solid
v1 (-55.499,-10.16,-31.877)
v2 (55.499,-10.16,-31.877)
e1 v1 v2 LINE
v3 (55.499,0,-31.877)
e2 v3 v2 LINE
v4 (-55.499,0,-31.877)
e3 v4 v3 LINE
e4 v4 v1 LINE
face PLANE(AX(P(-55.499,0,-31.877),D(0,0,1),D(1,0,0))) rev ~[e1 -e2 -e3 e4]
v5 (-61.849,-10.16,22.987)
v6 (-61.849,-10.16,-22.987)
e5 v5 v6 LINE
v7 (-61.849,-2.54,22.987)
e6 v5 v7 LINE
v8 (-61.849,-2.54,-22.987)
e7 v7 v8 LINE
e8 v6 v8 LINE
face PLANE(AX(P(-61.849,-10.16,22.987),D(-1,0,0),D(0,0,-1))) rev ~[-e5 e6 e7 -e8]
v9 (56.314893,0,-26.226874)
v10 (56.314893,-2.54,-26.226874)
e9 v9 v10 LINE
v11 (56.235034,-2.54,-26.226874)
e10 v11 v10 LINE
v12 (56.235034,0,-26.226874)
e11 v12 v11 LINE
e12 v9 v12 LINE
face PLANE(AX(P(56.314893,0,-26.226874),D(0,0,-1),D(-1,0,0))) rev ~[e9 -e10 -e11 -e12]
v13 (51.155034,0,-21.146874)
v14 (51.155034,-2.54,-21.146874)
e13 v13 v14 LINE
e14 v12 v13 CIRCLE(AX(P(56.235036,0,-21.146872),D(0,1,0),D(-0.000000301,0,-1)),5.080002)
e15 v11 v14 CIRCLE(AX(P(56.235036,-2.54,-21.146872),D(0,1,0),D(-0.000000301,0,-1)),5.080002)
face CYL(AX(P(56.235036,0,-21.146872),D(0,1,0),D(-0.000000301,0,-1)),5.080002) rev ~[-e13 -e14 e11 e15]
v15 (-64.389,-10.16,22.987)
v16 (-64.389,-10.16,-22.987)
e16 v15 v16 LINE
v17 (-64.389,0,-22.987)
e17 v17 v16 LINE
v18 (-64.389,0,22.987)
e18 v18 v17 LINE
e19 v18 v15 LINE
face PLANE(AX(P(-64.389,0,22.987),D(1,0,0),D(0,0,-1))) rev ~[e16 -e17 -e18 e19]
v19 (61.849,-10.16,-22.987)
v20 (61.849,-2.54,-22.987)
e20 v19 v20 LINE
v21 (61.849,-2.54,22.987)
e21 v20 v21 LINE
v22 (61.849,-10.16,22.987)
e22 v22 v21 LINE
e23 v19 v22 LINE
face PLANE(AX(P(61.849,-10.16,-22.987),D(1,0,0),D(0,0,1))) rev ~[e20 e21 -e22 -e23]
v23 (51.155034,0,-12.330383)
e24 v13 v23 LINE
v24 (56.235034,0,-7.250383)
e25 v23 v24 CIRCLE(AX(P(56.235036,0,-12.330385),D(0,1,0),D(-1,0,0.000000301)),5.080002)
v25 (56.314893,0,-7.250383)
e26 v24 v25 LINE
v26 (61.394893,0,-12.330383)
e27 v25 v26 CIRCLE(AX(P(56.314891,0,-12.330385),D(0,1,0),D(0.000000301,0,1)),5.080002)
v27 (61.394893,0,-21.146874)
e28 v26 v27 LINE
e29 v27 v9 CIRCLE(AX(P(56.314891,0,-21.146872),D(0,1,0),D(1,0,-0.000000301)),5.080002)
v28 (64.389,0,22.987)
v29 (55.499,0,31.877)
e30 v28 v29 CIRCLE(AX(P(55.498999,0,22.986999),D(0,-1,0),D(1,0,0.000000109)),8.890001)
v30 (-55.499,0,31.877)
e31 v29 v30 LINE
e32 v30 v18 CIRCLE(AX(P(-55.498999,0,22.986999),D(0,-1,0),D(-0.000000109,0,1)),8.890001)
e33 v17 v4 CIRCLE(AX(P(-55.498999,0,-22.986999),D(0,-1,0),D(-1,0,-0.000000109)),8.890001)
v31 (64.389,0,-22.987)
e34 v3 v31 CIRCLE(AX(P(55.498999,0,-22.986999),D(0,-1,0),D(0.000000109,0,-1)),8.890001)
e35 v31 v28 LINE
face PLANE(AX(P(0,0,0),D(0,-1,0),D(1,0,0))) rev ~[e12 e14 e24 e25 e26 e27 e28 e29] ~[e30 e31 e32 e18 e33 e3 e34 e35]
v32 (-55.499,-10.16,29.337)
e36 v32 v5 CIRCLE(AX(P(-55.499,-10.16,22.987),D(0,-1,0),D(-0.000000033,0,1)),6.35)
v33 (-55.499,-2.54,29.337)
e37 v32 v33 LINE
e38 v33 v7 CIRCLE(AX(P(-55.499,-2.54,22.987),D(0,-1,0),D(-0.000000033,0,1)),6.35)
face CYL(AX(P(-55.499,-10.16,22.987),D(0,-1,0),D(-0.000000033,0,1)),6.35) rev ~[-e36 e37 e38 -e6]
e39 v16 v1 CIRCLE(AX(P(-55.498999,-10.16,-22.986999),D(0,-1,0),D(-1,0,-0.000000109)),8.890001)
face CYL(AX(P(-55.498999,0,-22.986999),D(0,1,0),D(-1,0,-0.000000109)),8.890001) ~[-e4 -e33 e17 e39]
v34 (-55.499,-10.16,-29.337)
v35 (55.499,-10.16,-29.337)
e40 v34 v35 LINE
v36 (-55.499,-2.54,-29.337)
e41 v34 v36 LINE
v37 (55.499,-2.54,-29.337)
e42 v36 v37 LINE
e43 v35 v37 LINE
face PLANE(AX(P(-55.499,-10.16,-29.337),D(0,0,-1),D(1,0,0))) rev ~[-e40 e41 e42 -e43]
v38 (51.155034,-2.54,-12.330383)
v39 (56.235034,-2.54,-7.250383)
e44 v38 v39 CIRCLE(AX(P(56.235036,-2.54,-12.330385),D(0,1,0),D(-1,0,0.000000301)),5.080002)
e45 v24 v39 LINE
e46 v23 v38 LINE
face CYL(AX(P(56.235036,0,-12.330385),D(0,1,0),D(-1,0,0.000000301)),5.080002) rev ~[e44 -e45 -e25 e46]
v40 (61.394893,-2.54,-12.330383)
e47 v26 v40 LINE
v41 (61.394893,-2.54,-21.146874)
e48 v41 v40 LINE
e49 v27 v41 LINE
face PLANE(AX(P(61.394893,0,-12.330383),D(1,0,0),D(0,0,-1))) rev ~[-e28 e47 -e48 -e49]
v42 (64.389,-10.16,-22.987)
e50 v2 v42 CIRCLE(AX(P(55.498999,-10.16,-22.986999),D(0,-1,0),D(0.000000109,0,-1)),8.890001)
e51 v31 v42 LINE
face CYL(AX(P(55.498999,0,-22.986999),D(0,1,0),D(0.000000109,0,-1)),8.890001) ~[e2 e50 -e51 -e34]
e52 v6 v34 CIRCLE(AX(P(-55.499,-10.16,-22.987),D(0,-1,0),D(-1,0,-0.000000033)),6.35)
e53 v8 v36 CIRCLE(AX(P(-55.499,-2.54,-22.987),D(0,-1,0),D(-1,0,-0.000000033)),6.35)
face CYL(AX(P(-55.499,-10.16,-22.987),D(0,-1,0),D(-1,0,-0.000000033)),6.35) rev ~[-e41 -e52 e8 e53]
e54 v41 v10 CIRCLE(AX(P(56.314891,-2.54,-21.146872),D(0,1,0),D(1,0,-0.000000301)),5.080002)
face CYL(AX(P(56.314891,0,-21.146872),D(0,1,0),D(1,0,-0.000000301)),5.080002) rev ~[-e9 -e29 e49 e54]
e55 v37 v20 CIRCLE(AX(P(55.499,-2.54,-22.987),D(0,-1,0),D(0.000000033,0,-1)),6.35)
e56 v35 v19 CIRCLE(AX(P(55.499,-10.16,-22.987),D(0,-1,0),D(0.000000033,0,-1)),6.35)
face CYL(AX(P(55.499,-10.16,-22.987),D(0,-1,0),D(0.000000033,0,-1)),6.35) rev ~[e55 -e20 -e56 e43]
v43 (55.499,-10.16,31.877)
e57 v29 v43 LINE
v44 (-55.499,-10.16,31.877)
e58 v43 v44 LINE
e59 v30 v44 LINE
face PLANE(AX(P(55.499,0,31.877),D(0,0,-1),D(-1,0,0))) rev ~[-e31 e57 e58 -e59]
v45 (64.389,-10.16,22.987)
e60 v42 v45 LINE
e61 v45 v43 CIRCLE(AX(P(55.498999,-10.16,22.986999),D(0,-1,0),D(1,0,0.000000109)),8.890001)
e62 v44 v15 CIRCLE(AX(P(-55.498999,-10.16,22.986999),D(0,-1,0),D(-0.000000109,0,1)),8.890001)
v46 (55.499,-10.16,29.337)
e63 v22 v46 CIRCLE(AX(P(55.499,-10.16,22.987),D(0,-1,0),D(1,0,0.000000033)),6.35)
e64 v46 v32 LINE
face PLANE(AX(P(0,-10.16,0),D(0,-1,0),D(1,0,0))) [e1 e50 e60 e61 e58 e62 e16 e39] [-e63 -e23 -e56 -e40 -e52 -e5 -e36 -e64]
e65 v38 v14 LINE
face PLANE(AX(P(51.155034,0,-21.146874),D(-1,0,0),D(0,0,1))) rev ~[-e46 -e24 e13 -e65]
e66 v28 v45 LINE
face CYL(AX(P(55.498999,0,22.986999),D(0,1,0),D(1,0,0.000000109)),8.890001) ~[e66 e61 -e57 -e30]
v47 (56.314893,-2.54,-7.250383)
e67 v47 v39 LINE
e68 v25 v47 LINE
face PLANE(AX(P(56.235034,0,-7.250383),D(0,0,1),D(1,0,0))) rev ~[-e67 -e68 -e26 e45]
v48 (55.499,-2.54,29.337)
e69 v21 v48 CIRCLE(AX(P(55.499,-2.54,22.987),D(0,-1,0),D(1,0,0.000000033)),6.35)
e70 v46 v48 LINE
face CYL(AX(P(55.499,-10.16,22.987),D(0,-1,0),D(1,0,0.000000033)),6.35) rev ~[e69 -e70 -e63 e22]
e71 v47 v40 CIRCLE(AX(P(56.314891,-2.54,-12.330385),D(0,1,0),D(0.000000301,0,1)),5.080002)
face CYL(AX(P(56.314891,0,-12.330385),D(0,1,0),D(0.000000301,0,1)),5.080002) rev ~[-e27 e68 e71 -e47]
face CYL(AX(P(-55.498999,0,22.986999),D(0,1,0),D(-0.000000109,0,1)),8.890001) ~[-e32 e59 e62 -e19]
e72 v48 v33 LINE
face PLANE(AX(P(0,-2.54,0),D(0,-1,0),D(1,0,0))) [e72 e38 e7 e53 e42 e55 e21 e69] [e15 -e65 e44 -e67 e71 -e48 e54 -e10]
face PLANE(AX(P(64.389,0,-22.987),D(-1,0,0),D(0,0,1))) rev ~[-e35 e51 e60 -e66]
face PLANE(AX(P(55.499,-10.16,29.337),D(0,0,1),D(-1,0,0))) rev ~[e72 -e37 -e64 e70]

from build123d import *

# Parameters (mm, degrees)
F1_DEPTH = 10.16
F3_DEPTH = 7.62
F5_DEPTH = 25.4


with BuildPart() as f1:
    # F0 (on Front) → F1 (new body)
    with BuildSketch(Plane.XZ):
        with BuildLine():
            Line((55.499, 31.877), (-55.499, 31.877))
            ThreePointArc((-55.499, 31.877), (-61.785179, 29.273179), (-64.389, 22.987))
            Line((-64.389, 22.987), (-64.389, -22.987))
            ThreePointArc((-64.389, -22.987), (-61.785179, -29.273179), (-55.499, -31.877))
            Line((-55.499, -31.877), (55.499, -31.877))
            ThreePointArc((55.499, -31.877), (61.785179, -29.273179), (64.389, -22.987))
            Line((64.389, -22.987), (64.389, 22.987))
            ThreePointArc((64.389, 22.987), (61.785179, 29.273179), (55.499, 31.877))
        make_face()
    extrude(amount=F1_DEPTH)

    # F2 (on face) → F3 (cut)
    with BuildSketch(Plane.XZ.offset(10.16)):
        with BuildLine():
            Line((55.499, 29.337), (-55.499, 29.337))
            ThreePointArc((-55.499, 29.337), (-59.989128, 27.477128), (-61.849, 22.987))
            Line((-61.849, 22.987), (-61.849, -22.987))
            ThreePointArc((-61.849, -22.987), (-59.989128, -27.477128), (-55.499, -29.337))
            Line((-55.499, -29.337), (55.499, -29.337))
            ThreePointArc((55.499, -29.337), (59.989128, -27.477128), (61.849, -22.987))
            Line((61.849, -22.987), (61.849, 22.987))
            ThreePointArc((61.849, 22.987), (59.989128, 27.477128), (55.499, 29.337))
        make_face()
    extrude(amount=-F3_DEPTH, mode=Mode.SUBTRACT)

    # F4 (on face) → F5 (cut)
    with BuildSketch(Plane(origin=(0, 0, 0), x_dir=(-1, 0, 0), z_dir=(0, 1, 0))):
        with BuildLine():
            ThreePointArc((-61.394893, -21.146874), (-59.906995, -24.738976), (-56.314893, -26.226874))
            Line((-56.314893, -26.226874), (-56.235034, -26.226874))
            ThreePointArc((-56.235034, -26.226874), (-52.642932, -24.738976), (-51.155034, -21.146874))
            Line((-51.155034, -21.146874), (-51.155034, -12.330383))
            ThreePointArc((-51.155034, -12.330383), (-52.642932, -8.738281), (-56.235034, -7.250383))
            Line((-56.235034, -7.250383), (-56.314893, -7.250383))
            ThreePointArc((-56.314893, -7.250383), (-59.906995, -8.738281), (-61.394893, -12.330383))
            Line((-61.394893, -12.330383), (-61.394893, -21.146874))
        make_face()
    extrude(amount=-F5_DEPTH, mode=Mode.SUBTRACT)


solid = f1.part
